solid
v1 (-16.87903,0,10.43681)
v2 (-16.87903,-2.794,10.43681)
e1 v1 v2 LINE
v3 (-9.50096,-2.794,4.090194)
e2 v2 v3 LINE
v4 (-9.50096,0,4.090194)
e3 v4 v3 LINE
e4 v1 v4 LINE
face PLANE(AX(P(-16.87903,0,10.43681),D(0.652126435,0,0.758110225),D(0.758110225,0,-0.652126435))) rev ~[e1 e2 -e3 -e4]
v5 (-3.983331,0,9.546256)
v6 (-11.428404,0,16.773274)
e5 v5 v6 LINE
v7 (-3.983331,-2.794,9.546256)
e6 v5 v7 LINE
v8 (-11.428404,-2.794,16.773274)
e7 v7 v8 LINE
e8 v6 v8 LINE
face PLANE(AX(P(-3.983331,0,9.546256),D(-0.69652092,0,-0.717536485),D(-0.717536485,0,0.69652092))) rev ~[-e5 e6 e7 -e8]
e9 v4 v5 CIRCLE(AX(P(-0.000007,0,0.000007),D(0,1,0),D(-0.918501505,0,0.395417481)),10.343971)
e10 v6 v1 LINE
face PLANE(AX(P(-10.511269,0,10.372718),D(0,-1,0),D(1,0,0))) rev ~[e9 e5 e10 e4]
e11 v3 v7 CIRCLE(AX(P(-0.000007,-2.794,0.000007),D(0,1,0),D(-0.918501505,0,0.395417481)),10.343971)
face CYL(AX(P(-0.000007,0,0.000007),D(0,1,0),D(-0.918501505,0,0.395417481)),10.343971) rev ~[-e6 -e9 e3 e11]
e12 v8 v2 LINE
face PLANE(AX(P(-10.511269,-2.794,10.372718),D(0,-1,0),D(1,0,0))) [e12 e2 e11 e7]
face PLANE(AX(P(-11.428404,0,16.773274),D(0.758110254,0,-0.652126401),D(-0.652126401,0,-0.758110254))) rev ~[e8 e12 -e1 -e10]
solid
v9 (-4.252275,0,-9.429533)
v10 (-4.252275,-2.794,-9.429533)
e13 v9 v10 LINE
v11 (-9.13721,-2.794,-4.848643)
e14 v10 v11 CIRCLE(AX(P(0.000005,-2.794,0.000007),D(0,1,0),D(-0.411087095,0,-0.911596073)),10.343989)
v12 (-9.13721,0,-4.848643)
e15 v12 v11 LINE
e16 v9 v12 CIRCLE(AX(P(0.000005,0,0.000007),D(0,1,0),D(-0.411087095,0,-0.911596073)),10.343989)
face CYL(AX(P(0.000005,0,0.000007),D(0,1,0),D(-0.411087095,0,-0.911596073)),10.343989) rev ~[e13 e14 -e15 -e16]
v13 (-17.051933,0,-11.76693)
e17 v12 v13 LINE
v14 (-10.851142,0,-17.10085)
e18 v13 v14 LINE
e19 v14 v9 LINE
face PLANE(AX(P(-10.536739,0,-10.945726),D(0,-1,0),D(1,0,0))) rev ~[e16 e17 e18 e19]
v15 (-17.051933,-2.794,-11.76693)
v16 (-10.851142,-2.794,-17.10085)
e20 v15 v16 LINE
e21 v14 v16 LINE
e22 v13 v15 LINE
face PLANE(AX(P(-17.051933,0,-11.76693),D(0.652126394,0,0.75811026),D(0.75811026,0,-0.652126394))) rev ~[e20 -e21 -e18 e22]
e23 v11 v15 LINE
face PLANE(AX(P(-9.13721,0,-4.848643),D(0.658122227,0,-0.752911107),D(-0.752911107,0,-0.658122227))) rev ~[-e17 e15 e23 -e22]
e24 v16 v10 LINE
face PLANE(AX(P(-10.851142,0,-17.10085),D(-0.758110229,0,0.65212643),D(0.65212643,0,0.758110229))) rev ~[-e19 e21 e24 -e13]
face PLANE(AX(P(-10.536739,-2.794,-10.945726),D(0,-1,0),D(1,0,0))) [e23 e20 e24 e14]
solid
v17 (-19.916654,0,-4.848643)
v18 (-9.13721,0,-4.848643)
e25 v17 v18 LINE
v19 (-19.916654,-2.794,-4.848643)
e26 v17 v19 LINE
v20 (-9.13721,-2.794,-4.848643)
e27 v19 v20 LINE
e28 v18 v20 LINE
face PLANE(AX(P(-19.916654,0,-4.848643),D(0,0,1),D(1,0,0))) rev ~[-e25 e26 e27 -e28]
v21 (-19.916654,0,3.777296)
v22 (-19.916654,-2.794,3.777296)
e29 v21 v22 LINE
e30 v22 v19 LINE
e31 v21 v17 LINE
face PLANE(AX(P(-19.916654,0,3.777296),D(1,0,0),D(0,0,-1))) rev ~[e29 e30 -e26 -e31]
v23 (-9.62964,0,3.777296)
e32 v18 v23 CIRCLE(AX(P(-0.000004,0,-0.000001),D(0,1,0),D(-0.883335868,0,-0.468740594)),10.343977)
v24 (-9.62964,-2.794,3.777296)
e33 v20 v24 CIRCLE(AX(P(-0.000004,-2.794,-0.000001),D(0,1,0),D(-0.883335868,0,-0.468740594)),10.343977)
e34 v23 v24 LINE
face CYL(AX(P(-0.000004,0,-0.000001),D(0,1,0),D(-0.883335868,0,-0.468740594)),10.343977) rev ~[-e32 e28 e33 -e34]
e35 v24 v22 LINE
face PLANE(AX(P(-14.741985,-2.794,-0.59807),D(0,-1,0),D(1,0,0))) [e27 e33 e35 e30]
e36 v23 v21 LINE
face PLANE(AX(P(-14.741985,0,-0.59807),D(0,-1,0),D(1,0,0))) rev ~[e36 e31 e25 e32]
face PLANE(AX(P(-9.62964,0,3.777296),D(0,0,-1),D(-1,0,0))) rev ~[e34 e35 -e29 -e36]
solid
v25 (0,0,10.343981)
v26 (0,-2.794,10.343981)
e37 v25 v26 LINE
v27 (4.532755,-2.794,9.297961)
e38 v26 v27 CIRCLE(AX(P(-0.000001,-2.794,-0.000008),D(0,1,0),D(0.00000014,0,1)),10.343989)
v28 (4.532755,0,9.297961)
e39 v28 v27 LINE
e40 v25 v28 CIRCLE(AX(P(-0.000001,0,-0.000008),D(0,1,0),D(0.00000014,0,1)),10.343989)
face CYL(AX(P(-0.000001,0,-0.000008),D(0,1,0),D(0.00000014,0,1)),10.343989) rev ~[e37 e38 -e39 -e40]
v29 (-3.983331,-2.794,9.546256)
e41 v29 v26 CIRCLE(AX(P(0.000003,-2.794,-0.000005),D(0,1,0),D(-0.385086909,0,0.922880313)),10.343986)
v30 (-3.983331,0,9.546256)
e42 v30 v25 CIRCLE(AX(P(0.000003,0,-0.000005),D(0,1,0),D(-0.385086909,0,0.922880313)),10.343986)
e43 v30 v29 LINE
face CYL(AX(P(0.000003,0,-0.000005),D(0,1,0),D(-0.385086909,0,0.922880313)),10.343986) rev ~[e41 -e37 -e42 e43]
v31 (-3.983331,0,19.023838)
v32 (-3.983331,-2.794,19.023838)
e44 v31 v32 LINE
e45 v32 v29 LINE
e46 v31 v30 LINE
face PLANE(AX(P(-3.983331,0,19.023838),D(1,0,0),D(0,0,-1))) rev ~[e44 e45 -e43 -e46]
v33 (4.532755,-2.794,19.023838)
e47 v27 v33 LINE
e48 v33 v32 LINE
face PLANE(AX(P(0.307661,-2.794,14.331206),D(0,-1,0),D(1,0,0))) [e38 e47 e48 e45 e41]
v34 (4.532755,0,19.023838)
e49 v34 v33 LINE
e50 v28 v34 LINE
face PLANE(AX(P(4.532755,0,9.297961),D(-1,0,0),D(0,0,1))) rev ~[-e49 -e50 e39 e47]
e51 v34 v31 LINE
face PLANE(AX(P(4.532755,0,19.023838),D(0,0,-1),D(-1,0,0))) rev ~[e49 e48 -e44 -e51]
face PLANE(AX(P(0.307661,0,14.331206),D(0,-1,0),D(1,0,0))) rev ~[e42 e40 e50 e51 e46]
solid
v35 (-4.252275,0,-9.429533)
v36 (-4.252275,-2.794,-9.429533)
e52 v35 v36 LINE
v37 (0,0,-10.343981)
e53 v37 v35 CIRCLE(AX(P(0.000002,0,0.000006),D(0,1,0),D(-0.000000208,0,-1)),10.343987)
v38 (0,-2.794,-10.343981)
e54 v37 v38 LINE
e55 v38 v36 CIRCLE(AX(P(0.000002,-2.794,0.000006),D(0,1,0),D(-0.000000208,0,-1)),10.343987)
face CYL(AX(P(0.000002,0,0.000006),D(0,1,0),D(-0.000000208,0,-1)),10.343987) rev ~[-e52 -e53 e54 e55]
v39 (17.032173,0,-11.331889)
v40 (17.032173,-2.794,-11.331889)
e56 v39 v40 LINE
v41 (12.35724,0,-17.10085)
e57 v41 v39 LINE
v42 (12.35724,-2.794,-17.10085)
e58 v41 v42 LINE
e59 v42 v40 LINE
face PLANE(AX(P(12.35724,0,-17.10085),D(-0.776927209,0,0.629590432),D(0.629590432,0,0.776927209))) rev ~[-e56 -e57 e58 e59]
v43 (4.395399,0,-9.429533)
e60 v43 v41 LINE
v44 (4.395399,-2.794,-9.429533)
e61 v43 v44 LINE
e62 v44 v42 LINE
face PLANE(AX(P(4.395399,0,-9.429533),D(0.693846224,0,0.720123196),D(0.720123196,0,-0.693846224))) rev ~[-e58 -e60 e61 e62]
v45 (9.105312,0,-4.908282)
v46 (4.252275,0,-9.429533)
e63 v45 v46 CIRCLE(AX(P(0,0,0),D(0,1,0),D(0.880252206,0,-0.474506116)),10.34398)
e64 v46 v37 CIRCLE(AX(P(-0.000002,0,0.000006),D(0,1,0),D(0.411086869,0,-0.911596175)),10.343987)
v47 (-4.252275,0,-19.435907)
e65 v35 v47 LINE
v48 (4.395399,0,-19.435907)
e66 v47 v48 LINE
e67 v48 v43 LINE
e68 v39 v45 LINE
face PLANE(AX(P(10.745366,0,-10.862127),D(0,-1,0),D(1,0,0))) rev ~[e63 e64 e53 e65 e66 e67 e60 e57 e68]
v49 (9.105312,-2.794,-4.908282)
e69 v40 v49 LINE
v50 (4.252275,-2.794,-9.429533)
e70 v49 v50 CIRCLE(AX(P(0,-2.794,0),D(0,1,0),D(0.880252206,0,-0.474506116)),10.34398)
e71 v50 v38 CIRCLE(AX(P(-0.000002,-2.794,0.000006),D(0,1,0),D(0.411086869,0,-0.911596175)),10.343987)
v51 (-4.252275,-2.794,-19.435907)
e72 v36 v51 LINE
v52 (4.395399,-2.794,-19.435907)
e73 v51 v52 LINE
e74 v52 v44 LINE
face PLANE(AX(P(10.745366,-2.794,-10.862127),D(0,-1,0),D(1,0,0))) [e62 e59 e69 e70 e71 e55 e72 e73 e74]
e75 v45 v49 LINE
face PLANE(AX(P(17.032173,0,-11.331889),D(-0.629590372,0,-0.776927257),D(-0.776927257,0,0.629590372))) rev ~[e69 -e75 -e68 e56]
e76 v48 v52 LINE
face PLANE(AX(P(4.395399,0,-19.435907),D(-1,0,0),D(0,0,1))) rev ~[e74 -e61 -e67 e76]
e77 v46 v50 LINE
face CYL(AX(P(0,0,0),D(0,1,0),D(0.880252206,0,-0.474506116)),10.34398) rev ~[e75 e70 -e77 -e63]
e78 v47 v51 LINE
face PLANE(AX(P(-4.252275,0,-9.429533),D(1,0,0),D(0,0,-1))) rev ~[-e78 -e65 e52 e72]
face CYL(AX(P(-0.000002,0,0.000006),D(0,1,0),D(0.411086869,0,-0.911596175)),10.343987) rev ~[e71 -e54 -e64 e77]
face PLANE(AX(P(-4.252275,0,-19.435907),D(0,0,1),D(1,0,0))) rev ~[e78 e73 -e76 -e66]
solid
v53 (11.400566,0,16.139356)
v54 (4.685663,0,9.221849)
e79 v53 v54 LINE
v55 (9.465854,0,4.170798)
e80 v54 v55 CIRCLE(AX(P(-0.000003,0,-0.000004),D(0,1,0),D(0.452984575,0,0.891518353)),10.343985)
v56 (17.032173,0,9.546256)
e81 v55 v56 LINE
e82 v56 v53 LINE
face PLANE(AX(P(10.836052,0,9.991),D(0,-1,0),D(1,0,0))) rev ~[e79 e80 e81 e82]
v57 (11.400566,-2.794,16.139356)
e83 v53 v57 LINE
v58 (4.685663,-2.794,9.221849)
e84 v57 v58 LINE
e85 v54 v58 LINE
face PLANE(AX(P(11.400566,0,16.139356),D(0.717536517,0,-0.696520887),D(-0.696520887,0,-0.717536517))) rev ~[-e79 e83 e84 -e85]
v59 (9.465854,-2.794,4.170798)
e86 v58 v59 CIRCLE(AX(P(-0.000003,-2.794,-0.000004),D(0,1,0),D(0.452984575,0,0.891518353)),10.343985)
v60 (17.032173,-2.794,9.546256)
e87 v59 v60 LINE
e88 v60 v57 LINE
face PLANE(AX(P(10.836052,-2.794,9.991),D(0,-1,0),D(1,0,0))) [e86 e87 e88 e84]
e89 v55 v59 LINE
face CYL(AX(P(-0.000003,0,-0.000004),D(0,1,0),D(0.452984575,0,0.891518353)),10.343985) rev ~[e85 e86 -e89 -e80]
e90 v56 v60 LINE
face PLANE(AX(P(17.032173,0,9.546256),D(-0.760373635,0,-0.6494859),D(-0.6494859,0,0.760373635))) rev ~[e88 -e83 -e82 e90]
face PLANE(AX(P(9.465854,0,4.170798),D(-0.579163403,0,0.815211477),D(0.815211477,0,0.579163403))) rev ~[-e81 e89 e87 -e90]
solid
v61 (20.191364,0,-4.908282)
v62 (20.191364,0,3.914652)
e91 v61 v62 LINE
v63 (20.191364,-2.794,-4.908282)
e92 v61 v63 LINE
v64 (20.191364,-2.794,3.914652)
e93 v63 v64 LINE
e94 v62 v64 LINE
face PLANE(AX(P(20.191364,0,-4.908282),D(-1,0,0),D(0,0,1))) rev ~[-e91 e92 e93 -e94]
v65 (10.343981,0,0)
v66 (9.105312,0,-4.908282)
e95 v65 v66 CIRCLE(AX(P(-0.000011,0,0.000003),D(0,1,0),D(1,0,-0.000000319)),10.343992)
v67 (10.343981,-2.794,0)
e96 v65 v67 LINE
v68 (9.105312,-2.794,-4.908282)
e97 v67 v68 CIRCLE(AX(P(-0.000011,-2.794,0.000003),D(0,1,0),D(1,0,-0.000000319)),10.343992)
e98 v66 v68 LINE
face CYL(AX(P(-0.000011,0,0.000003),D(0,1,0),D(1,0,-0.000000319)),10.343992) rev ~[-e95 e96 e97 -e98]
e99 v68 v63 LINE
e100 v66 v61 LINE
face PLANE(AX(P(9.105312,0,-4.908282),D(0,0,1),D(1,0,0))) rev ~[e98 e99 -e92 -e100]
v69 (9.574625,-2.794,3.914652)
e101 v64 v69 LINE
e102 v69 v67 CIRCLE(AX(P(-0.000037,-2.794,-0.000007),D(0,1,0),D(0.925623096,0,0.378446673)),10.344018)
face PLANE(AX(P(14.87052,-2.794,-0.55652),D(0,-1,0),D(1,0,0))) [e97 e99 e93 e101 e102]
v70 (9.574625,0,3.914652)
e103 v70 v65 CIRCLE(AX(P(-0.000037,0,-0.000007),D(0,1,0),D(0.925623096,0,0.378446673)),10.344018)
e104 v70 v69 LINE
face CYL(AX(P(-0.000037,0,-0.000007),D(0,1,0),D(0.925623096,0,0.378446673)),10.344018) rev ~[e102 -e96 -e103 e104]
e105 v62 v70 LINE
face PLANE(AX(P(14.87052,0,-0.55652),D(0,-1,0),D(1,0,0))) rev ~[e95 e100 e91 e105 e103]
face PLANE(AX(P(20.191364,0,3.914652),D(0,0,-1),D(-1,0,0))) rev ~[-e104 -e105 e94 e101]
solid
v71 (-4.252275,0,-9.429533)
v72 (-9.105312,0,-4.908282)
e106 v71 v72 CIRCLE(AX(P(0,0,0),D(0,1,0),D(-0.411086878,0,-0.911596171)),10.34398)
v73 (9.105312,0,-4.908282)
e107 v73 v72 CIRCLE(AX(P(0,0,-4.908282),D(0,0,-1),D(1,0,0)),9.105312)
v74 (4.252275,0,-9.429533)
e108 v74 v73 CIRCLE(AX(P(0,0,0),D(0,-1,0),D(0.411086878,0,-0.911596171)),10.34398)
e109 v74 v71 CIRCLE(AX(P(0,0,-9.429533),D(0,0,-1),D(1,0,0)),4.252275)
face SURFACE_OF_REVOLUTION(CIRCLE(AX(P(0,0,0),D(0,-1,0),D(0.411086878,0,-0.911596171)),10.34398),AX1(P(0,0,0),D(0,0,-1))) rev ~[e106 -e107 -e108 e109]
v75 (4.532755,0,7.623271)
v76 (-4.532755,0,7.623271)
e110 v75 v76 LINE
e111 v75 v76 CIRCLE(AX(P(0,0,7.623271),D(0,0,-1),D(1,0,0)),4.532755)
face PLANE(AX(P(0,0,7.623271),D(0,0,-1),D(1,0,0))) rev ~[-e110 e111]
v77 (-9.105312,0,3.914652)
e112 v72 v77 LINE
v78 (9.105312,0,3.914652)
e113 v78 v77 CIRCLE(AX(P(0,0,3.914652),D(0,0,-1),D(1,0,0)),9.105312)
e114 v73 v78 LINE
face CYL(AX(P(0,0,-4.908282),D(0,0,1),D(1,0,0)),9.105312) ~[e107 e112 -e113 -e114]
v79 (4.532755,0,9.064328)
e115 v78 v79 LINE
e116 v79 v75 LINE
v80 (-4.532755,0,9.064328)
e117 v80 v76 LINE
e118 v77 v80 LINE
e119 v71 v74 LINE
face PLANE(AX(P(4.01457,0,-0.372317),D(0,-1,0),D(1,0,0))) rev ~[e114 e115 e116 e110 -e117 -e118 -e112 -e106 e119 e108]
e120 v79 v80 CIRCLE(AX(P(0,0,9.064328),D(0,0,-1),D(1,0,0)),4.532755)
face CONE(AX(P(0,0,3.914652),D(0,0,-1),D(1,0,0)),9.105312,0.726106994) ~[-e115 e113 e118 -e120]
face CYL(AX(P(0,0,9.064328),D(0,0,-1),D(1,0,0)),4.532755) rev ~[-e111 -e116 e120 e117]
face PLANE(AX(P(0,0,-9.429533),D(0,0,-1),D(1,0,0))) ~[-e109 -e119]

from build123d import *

# Parameters (mm, degrees)
F1_ANGLE = 180
F2_DEPTH = 2.794


with BuildPart() as f1:
    # F0 (on Front) → F1 (revolve)
    with BuildSketch(Plane.XZ):
        with BuildLine():
            Line((4.532755, 7.623271), (0, 7.623271))
            Line((0, 7.623271), (0, -9.429533))
            Line((0, -9.429533), (4.252275, -9.429533))
            ThreePointArc((4.252275, -9.429533), (7.051008, -7.568436), (9.105312, -4.908282))
            Line((9.105312, -4.908282), (9.105312, 3.914652))
            Line((9.105312, 3.914652), (4.532755, 9.064328))
            Line((4.532755, 9.064328), (4.532755, 7.623271))
        make_face()
    revolve(axis=Axis((0, 0, 0), (0, 0, -1)), revolution_arc=F1_ANGLE)


with BuildPart() as f2:
    # F0 (on Front) → F2 (new body)
    with BuildSketch(Plane.XZ):
        with BuildLine():
            Line((-10.851142, -17.10085), (-4.252275, -9.429533))
            ThreePointArc((-4.252275, -9.429533), (-7.075713, -7.545344), (-9.13721, -4.848643))
            Line((-9.13721, -4.848643), (-17.051933, -11.76693))
            Line((-17.051933, -11.76693), (-10.851142, -17.10085))
        make_face()
        with BuildLine():
            ThreePointArc((-9.13721, -4.848643), (-10.327167, -0.589549), (-9.62964, 3.777296))
            Line((-9.62964, 3.777296), (-19.916654, 3.777296))
            Line((-19.916654, 3.777296), (-19.916654, -4.848643))
            Line((-19.916654, -4.848643), (-9.13721, -4.848643))
        make_face()
        with BuildLine():
            ThreePointArc((-9.50096, 4.090194), (-7.273148, 7.35522), (-3.983331, 9.546256))
            Line((-3.983331, 9.546256), (-11.428404, 16.773274))
            Line((-11.428404, 16.773274), (-16.87903, 10.43681))
            Line((-16.87903, 10.43681), (-9.50096, 4.090194))
        make_face()
        with BuildLine():
            ThreePointArc((-3.983331, 9.546256), (-2.031212, 10.142589), (0, 10.343981))
            ThreePointArc((0, 10.343981), (2.325942, 10.079084), (4.532755, 9.297961))
            Line((4.532755, 9.297961), (4.532755, 19.023838))
            Line((4.532755, 19.023838), (-3.983331, 19.023838))
            Line((-3.983331, 19.023838), (-3.983331, 9.546256))
        make_face()
        with BuildLine():
            Line((11.400566, 16.139356), (4.685663, 9.221849))
            ThreePointArc((4.685663, 9.221849), (7.512964, 7.110085), (9.465854, 4.170798))
            Line((9.465854, 4.170798), (17.032173, 9.546256))
            Line((17.032173, 9.546256), (11.400566, 16.139356))
        make_face()
        with BuildLine():
            Line((20.191364, 3.914652), (9.574625, 3.914652))
            ThreePointArc((9.574625, 3.914652), (10.149819, 1.994769), (10.343981, 0))
            ThreePointArc((10.343981, 0), (10.029534, -2.531083), (9.105312, -4.908282))
            Line((9.105312, -4.908282), (20.191364, -4.908282))
            Line((20.191364, -4.908282), (20.191364, 3.914652))
        make_face()
        with BuildLine():
            ThreePointArc((9.105312, -4.908282), (7.051008, -7.568436), (4.252275, -9.429533))
            Line((4.252275, -9.429533), (4.395399, -9.429533))
            Line((4.395399, -9.429533), (12.35724, -17.10085))
            Line((12.35724, -17.10085), (17.032173, -11.331889))
            Line((17.032173, -11.331889), (9.105312, -4.908282))
        make_face()
        with BuildLine():
            Line((4.395399, -9.429533), (4.252275, -9.429533))
            ThreePointArc((4.252275, -9.429533), (2.174745, -10.112785), (0, -10.343981))
            ThreePointArc((0, -10.343981), (-2.174745, -10.112785), (-4.252275, -9.429533))
            Line((-4.252275, -9.429533), (-4.252275, -19.435907))
            Line((-4.252275, -19.435907), (4.395399, -19.435907))
            Line((4.395399, -19.435907), (4.395399, -9.429533))
        make_face()
    extrude(amount=F2_DEPTH)


solid = Compound([f1.part, f2.part])
